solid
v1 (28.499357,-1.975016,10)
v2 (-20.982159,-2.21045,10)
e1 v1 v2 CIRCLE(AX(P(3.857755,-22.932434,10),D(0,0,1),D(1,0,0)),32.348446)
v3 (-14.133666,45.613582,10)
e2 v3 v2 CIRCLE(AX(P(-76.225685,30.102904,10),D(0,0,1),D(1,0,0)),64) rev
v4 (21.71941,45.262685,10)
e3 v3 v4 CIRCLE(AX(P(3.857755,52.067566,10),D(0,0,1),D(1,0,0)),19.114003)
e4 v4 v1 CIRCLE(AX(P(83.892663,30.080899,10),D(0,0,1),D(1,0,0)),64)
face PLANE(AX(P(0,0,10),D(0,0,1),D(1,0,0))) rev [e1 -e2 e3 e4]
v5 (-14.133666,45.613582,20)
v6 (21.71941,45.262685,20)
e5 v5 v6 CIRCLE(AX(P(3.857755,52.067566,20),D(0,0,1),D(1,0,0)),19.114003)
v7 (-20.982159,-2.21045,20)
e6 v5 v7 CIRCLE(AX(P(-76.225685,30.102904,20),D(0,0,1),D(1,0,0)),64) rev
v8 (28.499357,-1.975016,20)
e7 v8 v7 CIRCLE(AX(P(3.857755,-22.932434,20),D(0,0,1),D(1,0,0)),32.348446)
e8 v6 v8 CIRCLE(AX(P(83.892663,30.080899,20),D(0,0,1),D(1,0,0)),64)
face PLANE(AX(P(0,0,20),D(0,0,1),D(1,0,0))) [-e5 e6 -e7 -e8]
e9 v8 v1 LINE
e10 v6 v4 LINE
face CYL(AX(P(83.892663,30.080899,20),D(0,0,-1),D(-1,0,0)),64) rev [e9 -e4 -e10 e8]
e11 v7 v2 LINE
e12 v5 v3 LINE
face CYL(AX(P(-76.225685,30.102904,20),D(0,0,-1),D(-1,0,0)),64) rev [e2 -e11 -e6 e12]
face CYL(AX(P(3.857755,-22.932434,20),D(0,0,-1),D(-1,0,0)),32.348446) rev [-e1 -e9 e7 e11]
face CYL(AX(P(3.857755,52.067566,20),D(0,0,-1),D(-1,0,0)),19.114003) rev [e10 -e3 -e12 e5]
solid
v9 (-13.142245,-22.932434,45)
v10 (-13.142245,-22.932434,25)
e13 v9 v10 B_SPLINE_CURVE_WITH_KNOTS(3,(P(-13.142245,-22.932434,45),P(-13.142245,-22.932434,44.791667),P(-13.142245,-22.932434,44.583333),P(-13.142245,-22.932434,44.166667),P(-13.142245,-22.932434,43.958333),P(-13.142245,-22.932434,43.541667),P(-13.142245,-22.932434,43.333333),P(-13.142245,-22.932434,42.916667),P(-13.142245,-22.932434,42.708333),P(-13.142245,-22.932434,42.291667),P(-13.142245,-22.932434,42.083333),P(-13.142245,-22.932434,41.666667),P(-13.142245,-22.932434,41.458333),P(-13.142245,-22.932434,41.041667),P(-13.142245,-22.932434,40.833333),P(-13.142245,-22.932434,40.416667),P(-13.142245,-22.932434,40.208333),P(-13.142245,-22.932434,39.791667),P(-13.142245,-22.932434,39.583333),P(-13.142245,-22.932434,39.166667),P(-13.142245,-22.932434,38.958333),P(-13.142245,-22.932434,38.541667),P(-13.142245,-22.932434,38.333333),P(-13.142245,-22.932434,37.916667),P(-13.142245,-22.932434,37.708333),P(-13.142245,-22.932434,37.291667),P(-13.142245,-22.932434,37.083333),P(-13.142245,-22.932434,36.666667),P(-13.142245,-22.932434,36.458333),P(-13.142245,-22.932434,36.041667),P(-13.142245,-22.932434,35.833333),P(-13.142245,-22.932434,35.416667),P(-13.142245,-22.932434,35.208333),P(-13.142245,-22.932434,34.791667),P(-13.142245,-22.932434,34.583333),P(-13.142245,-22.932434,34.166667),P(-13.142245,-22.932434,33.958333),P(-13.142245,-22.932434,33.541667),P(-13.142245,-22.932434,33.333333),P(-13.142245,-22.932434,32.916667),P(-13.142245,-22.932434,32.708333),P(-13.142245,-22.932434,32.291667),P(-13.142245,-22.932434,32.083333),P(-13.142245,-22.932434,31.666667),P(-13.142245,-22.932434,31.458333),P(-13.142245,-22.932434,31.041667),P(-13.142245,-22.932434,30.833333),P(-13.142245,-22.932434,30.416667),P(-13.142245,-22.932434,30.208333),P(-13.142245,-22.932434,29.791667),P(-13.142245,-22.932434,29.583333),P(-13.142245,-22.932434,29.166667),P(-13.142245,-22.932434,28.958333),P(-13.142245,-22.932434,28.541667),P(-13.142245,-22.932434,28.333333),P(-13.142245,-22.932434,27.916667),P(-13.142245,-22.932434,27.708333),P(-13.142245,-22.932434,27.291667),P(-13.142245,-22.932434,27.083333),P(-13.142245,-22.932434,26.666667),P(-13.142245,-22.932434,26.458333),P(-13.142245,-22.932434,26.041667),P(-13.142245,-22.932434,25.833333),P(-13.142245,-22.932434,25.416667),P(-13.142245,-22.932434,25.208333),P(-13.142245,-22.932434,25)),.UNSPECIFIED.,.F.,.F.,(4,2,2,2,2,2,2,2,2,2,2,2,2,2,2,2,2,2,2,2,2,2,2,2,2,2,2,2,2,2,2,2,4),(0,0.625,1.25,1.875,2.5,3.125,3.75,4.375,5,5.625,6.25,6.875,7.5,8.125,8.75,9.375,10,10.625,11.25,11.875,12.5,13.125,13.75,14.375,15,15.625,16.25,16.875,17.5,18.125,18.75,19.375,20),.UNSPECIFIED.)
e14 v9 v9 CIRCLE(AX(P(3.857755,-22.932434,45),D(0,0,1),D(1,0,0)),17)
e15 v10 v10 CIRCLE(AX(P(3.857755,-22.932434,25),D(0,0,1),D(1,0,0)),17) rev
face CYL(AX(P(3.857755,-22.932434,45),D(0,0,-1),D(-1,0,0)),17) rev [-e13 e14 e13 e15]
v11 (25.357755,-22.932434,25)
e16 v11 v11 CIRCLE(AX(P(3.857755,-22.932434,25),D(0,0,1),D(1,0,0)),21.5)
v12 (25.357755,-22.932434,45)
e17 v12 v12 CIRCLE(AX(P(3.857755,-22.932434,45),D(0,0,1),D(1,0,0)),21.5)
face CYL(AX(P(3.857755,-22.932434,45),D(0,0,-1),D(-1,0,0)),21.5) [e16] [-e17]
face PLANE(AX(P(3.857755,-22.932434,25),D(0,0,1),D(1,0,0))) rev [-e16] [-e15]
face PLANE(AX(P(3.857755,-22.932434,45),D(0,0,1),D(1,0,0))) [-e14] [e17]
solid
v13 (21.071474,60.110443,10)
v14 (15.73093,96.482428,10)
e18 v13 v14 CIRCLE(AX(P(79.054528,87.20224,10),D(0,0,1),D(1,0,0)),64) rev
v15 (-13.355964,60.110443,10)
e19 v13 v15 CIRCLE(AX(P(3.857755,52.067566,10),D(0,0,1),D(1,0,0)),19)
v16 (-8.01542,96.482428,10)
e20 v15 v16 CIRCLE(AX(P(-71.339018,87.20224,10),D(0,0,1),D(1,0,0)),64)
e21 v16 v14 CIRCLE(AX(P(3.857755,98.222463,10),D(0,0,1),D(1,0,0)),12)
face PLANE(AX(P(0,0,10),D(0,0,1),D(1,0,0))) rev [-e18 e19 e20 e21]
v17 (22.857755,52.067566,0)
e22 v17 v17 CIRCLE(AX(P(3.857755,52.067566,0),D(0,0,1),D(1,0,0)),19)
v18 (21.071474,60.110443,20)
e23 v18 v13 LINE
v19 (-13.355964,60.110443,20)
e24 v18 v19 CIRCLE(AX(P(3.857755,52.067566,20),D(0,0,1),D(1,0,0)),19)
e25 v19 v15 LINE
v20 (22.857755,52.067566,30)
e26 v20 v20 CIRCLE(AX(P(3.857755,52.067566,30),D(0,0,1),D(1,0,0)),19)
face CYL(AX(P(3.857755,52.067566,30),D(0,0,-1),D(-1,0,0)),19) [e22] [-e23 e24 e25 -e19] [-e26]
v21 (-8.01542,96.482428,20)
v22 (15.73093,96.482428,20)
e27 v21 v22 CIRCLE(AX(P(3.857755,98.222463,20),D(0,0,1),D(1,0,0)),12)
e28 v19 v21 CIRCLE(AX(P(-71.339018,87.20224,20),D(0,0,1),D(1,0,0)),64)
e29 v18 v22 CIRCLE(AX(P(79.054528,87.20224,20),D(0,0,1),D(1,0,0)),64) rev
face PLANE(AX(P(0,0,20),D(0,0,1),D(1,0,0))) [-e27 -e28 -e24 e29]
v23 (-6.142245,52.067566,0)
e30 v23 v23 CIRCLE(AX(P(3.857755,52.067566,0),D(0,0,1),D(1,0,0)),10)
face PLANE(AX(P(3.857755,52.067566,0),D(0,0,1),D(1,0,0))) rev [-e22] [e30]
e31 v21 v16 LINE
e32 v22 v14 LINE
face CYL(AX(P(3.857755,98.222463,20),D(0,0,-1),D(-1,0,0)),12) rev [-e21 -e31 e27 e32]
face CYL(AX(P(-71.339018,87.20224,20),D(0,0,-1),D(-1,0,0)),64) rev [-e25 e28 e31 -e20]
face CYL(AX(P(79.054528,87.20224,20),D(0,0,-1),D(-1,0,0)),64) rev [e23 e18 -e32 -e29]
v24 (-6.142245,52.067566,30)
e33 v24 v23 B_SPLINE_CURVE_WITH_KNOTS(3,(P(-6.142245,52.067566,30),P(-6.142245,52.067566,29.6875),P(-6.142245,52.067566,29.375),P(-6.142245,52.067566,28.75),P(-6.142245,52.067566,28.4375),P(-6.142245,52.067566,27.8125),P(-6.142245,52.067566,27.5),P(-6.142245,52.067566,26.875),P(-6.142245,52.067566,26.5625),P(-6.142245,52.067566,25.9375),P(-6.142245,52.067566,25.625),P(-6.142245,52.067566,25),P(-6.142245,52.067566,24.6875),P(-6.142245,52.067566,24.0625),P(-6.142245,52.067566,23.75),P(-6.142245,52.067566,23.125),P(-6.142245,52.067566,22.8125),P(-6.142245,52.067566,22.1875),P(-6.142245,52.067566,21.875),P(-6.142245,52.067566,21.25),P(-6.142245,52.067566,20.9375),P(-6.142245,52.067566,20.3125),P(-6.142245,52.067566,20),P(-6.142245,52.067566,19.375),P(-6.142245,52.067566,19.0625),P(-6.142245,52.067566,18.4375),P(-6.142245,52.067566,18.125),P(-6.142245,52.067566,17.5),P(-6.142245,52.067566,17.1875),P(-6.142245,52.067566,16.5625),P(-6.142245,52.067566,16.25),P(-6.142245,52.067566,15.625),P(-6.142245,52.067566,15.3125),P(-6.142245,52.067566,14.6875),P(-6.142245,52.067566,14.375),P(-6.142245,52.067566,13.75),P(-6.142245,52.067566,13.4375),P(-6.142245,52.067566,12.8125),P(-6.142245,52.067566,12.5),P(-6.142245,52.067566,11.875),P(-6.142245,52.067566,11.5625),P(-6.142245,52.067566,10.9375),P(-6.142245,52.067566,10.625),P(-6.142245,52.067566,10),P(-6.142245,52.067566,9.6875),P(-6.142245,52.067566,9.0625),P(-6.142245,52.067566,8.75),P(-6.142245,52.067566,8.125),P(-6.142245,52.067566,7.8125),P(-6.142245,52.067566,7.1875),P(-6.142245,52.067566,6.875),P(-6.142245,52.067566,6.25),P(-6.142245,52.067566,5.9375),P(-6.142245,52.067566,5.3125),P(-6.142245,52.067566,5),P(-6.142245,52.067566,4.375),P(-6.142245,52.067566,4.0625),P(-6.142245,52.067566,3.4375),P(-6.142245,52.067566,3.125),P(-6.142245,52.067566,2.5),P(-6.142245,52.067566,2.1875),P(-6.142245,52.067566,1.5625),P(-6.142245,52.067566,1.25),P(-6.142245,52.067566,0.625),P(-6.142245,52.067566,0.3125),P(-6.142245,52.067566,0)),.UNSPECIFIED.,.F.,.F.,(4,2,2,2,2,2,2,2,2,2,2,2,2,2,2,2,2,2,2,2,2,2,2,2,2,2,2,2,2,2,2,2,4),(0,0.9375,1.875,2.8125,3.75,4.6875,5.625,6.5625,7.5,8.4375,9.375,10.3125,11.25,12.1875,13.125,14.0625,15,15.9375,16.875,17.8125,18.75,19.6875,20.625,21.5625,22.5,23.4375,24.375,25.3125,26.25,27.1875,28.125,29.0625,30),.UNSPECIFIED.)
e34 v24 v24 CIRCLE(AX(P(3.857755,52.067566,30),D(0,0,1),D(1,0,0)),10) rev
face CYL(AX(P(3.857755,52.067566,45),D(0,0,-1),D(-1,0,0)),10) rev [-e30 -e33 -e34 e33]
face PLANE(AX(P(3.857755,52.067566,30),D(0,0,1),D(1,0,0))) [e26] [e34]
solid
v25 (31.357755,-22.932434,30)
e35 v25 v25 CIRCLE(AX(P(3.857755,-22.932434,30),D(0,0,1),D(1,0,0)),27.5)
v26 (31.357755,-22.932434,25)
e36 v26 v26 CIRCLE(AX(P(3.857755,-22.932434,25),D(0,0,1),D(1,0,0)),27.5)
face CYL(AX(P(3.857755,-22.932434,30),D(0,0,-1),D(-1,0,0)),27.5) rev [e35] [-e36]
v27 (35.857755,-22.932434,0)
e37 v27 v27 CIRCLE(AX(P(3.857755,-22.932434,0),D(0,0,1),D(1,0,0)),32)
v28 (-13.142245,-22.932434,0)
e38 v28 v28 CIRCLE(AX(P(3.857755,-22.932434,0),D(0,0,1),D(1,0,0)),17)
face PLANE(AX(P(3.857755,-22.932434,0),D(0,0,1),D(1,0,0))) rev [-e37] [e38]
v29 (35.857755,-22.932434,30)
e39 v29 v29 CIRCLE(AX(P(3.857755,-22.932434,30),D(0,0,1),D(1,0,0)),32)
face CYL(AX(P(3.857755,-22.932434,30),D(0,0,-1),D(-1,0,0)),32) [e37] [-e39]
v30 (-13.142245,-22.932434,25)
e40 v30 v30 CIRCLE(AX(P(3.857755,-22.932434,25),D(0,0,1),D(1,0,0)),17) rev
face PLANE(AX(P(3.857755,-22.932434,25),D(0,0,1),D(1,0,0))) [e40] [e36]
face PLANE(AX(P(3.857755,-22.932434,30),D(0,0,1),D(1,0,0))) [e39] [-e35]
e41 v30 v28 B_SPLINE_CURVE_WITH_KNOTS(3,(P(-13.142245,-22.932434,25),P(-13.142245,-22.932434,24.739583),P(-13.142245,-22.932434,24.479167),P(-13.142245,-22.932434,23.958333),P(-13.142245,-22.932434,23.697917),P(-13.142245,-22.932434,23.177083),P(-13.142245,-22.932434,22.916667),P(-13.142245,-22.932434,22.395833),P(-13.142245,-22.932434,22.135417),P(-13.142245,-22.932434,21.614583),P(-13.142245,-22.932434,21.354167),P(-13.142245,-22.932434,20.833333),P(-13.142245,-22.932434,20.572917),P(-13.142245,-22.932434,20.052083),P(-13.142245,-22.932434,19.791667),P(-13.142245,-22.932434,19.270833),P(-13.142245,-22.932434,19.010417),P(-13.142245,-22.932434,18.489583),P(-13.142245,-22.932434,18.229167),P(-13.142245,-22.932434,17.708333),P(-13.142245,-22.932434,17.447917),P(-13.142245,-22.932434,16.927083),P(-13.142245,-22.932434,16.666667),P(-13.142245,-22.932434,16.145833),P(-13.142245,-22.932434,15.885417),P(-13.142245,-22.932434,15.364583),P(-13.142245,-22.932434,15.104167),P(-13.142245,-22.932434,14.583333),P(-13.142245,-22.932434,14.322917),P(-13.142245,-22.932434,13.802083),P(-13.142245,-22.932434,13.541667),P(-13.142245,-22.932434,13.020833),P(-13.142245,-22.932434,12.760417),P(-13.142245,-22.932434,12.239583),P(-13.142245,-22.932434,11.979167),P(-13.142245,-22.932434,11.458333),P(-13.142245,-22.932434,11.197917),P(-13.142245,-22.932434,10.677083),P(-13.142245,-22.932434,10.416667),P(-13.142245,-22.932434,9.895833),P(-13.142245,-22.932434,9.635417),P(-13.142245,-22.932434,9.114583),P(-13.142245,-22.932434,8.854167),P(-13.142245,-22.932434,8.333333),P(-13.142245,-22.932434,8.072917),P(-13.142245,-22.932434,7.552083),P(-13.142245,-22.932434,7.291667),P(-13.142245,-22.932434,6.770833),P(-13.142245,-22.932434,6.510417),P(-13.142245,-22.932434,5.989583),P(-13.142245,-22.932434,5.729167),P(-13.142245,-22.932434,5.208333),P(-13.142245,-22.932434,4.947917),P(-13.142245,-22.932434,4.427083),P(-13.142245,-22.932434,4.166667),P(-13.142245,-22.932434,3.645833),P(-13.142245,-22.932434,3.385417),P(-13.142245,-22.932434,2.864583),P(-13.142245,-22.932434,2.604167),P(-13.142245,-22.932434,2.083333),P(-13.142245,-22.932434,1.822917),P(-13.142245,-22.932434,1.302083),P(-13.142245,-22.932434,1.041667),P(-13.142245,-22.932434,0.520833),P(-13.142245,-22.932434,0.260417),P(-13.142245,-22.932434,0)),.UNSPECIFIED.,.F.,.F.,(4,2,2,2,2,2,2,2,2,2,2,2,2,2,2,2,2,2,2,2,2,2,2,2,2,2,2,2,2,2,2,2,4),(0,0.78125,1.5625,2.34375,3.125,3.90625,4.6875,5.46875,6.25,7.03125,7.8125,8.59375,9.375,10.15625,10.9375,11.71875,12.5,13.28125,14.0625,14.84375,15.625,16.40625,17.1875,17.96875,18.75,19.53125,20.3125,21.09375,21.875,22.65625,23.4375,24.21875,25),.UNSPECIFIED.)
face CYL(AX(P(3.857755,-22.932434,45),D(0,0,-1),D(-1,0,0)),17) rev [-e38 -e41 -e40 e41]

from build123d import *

# Parameters (mm, degrees)
SKETCH2_R             = 19
BOSS_EXTRUDE1_DEPTH   = 30
SKETCH2_R_2           = 32
BOSS_EXTRUDE1_2_DEPTH = 30
BOSS_EXTRUDE2_DEPTH   = 10
SKETCH4_R             = 27.5
CUT_EXTRUDE1_DEPTH    = 5
SKETCH5_R             = 21.5
BOSS_EXTRUDE3_DEPTH   = 20
SKETCH6_R             = 17
SKETCH6_R_2           = 10
CUT_EXTRUDE2_DEPTH    = 113.3371596


with BuildPart() as part:
    # Sketch2 → Boss-Extrude1 (new body)
    with BuildSketch(Plane.XY):
        with Locations((3.857754872, 52.067565658)):
            Circle(SKETCH2_R)
    extrude(amount=BOSS_EXTRUDE1_DEPTH)

    # Sketch3 → Boss-Extrude2 (add)
    with BuildSketch(Plane.XY.offset(10)):
        with BuildLine():
            ThreePointArc((28.499357068, -1.97501589), (20.541861527, 20.988265898), (21.719409946, 45.262685056))
            ThreePointArc((21.719409946, 45.262685056), (3.670693383, 32.954477734), (-14.133665881, 45.613582293))
            ThreePointArc((-14.133665881, 45.613582293), (-12.871979086, 21.030531271), (-20.982159168, -2.210450425))
            ThreePointArc((-20.982159168, -2.210450425), (3.703841741, 9.415645319), (28.499357068, -1.97501589))
        make_face()
        with BuildLine():
            ThreePointArc((-13.355964266, 60.110442845), (3.857754872, 71.067565658), (21.07147401, 60.110442845))
            ThreePointArc((21.07147401, 60.110442845), (15.73347068, 77.904728914), (15.730929568, 96.482427636))
            ThreePointArc((15.730929568, 96.482427636), (3.857754872, 86.222462877), (-8.015419824, 96.482427636))
            ThreePointArc((-8.015419824, 96.482427636), (-8.017960936, 77.904728914), (-13.355964266, 60.110442845))
        make_face()
    extrude(amount=BOSS_EXTRUDE2_DEPTH)


with BuildPart() as body_2:
    # Sketch2 → Boss-Extrude1 2 (new body)
    with BuildSketch(Plane.XY):
        with Locations((3.857754872, -22.932434342)):
            Circle(SKETCH2_R_2)
    extrude(amount=BOSS_EXTRUDE1_2_DEPTH)

    # Sketch4 → Cut-Extrude1 (cut)
    with BuildSketch(Plane.XY.offset(25)):
        with Locations((3.857754872, -22.932434342)):
            Circle(SKETCH4_R)
    extrude(amount=CUT_EXTRUDE1_DEPTH, mode=Mode.SUBTRACT)


with BuildPart() as boss_extrude2_piece_1:
    # of the separate pieces the step leaves, piece 1, a body of its own (boss_extrude2_pieces)
    add(part.part.solids().sort_by_distance((22.857754872, 52.067565658, 0))[0])


with BuildPart() as boss_extrude2_piece_2:
    # of the separate pieces the step leaves, piece 2, a body of its own (boss_extrude2_pieces)
    add(part.part.solids().sort_by_distance((-14.133665881, 45.613582293, 10))[0])


with BuildPart() as body_4:
    # Sketch5 → Boss-Extrude3 (new body)
    with BuildSketch(Plane.XY.offset(25)):
        with Locations((3.857754872, -22.932434342)):
            Circle(SKETCH5_R)
    extrude(amount=BOSS_EXTRUDE3_DEPTH)


with BuildPart() as cut_extrude2_tool:
    # Sketch6 → Cut-Extrude2 (new, through all)
    with BuildSketch(Plane.XY):
        with Locations(Location((3.857754872, -22.932434342, 0), (0, 0, 180))):
            Circle(SKETCH6_R)
        with Locations(Location((3.857754872, 52.067565658, 0), (0, 0, 180))):
            Circle(SKETCH6_R_2)
    extrude(amount=CUT_EXTRUDE2_DEPTH)


with BuildPart() as body_2_1:
    add(body_2.part)

    # Cut-Extrude2: cut by cut_extrude2_tool
    add(cut_extrude2_tool.part, mode=Mode.SUBTRACT)


with BuildPart() as boss_extrude2_piece_1_1:
    add(boss_extrude2_piece_1.part)

    # Cut-Extrude2: cut by cut_extrude2_tool
    add(cut_extrude2_tool.part, mode=Mode.SUBTRACT)


with BuildPart() as body_4_1:
    add(body_4.part)

    # Cut-Extrude2: cut by cut_extrude2_tool
    add(cut_extrude2_tool.part, mode=Mode.SUBTRACT)


solid = Compound([boss_extrude2_piece_2.part, body_2_1.part, boss_extrude2_piece_1_1.part, body_4_1.part])
